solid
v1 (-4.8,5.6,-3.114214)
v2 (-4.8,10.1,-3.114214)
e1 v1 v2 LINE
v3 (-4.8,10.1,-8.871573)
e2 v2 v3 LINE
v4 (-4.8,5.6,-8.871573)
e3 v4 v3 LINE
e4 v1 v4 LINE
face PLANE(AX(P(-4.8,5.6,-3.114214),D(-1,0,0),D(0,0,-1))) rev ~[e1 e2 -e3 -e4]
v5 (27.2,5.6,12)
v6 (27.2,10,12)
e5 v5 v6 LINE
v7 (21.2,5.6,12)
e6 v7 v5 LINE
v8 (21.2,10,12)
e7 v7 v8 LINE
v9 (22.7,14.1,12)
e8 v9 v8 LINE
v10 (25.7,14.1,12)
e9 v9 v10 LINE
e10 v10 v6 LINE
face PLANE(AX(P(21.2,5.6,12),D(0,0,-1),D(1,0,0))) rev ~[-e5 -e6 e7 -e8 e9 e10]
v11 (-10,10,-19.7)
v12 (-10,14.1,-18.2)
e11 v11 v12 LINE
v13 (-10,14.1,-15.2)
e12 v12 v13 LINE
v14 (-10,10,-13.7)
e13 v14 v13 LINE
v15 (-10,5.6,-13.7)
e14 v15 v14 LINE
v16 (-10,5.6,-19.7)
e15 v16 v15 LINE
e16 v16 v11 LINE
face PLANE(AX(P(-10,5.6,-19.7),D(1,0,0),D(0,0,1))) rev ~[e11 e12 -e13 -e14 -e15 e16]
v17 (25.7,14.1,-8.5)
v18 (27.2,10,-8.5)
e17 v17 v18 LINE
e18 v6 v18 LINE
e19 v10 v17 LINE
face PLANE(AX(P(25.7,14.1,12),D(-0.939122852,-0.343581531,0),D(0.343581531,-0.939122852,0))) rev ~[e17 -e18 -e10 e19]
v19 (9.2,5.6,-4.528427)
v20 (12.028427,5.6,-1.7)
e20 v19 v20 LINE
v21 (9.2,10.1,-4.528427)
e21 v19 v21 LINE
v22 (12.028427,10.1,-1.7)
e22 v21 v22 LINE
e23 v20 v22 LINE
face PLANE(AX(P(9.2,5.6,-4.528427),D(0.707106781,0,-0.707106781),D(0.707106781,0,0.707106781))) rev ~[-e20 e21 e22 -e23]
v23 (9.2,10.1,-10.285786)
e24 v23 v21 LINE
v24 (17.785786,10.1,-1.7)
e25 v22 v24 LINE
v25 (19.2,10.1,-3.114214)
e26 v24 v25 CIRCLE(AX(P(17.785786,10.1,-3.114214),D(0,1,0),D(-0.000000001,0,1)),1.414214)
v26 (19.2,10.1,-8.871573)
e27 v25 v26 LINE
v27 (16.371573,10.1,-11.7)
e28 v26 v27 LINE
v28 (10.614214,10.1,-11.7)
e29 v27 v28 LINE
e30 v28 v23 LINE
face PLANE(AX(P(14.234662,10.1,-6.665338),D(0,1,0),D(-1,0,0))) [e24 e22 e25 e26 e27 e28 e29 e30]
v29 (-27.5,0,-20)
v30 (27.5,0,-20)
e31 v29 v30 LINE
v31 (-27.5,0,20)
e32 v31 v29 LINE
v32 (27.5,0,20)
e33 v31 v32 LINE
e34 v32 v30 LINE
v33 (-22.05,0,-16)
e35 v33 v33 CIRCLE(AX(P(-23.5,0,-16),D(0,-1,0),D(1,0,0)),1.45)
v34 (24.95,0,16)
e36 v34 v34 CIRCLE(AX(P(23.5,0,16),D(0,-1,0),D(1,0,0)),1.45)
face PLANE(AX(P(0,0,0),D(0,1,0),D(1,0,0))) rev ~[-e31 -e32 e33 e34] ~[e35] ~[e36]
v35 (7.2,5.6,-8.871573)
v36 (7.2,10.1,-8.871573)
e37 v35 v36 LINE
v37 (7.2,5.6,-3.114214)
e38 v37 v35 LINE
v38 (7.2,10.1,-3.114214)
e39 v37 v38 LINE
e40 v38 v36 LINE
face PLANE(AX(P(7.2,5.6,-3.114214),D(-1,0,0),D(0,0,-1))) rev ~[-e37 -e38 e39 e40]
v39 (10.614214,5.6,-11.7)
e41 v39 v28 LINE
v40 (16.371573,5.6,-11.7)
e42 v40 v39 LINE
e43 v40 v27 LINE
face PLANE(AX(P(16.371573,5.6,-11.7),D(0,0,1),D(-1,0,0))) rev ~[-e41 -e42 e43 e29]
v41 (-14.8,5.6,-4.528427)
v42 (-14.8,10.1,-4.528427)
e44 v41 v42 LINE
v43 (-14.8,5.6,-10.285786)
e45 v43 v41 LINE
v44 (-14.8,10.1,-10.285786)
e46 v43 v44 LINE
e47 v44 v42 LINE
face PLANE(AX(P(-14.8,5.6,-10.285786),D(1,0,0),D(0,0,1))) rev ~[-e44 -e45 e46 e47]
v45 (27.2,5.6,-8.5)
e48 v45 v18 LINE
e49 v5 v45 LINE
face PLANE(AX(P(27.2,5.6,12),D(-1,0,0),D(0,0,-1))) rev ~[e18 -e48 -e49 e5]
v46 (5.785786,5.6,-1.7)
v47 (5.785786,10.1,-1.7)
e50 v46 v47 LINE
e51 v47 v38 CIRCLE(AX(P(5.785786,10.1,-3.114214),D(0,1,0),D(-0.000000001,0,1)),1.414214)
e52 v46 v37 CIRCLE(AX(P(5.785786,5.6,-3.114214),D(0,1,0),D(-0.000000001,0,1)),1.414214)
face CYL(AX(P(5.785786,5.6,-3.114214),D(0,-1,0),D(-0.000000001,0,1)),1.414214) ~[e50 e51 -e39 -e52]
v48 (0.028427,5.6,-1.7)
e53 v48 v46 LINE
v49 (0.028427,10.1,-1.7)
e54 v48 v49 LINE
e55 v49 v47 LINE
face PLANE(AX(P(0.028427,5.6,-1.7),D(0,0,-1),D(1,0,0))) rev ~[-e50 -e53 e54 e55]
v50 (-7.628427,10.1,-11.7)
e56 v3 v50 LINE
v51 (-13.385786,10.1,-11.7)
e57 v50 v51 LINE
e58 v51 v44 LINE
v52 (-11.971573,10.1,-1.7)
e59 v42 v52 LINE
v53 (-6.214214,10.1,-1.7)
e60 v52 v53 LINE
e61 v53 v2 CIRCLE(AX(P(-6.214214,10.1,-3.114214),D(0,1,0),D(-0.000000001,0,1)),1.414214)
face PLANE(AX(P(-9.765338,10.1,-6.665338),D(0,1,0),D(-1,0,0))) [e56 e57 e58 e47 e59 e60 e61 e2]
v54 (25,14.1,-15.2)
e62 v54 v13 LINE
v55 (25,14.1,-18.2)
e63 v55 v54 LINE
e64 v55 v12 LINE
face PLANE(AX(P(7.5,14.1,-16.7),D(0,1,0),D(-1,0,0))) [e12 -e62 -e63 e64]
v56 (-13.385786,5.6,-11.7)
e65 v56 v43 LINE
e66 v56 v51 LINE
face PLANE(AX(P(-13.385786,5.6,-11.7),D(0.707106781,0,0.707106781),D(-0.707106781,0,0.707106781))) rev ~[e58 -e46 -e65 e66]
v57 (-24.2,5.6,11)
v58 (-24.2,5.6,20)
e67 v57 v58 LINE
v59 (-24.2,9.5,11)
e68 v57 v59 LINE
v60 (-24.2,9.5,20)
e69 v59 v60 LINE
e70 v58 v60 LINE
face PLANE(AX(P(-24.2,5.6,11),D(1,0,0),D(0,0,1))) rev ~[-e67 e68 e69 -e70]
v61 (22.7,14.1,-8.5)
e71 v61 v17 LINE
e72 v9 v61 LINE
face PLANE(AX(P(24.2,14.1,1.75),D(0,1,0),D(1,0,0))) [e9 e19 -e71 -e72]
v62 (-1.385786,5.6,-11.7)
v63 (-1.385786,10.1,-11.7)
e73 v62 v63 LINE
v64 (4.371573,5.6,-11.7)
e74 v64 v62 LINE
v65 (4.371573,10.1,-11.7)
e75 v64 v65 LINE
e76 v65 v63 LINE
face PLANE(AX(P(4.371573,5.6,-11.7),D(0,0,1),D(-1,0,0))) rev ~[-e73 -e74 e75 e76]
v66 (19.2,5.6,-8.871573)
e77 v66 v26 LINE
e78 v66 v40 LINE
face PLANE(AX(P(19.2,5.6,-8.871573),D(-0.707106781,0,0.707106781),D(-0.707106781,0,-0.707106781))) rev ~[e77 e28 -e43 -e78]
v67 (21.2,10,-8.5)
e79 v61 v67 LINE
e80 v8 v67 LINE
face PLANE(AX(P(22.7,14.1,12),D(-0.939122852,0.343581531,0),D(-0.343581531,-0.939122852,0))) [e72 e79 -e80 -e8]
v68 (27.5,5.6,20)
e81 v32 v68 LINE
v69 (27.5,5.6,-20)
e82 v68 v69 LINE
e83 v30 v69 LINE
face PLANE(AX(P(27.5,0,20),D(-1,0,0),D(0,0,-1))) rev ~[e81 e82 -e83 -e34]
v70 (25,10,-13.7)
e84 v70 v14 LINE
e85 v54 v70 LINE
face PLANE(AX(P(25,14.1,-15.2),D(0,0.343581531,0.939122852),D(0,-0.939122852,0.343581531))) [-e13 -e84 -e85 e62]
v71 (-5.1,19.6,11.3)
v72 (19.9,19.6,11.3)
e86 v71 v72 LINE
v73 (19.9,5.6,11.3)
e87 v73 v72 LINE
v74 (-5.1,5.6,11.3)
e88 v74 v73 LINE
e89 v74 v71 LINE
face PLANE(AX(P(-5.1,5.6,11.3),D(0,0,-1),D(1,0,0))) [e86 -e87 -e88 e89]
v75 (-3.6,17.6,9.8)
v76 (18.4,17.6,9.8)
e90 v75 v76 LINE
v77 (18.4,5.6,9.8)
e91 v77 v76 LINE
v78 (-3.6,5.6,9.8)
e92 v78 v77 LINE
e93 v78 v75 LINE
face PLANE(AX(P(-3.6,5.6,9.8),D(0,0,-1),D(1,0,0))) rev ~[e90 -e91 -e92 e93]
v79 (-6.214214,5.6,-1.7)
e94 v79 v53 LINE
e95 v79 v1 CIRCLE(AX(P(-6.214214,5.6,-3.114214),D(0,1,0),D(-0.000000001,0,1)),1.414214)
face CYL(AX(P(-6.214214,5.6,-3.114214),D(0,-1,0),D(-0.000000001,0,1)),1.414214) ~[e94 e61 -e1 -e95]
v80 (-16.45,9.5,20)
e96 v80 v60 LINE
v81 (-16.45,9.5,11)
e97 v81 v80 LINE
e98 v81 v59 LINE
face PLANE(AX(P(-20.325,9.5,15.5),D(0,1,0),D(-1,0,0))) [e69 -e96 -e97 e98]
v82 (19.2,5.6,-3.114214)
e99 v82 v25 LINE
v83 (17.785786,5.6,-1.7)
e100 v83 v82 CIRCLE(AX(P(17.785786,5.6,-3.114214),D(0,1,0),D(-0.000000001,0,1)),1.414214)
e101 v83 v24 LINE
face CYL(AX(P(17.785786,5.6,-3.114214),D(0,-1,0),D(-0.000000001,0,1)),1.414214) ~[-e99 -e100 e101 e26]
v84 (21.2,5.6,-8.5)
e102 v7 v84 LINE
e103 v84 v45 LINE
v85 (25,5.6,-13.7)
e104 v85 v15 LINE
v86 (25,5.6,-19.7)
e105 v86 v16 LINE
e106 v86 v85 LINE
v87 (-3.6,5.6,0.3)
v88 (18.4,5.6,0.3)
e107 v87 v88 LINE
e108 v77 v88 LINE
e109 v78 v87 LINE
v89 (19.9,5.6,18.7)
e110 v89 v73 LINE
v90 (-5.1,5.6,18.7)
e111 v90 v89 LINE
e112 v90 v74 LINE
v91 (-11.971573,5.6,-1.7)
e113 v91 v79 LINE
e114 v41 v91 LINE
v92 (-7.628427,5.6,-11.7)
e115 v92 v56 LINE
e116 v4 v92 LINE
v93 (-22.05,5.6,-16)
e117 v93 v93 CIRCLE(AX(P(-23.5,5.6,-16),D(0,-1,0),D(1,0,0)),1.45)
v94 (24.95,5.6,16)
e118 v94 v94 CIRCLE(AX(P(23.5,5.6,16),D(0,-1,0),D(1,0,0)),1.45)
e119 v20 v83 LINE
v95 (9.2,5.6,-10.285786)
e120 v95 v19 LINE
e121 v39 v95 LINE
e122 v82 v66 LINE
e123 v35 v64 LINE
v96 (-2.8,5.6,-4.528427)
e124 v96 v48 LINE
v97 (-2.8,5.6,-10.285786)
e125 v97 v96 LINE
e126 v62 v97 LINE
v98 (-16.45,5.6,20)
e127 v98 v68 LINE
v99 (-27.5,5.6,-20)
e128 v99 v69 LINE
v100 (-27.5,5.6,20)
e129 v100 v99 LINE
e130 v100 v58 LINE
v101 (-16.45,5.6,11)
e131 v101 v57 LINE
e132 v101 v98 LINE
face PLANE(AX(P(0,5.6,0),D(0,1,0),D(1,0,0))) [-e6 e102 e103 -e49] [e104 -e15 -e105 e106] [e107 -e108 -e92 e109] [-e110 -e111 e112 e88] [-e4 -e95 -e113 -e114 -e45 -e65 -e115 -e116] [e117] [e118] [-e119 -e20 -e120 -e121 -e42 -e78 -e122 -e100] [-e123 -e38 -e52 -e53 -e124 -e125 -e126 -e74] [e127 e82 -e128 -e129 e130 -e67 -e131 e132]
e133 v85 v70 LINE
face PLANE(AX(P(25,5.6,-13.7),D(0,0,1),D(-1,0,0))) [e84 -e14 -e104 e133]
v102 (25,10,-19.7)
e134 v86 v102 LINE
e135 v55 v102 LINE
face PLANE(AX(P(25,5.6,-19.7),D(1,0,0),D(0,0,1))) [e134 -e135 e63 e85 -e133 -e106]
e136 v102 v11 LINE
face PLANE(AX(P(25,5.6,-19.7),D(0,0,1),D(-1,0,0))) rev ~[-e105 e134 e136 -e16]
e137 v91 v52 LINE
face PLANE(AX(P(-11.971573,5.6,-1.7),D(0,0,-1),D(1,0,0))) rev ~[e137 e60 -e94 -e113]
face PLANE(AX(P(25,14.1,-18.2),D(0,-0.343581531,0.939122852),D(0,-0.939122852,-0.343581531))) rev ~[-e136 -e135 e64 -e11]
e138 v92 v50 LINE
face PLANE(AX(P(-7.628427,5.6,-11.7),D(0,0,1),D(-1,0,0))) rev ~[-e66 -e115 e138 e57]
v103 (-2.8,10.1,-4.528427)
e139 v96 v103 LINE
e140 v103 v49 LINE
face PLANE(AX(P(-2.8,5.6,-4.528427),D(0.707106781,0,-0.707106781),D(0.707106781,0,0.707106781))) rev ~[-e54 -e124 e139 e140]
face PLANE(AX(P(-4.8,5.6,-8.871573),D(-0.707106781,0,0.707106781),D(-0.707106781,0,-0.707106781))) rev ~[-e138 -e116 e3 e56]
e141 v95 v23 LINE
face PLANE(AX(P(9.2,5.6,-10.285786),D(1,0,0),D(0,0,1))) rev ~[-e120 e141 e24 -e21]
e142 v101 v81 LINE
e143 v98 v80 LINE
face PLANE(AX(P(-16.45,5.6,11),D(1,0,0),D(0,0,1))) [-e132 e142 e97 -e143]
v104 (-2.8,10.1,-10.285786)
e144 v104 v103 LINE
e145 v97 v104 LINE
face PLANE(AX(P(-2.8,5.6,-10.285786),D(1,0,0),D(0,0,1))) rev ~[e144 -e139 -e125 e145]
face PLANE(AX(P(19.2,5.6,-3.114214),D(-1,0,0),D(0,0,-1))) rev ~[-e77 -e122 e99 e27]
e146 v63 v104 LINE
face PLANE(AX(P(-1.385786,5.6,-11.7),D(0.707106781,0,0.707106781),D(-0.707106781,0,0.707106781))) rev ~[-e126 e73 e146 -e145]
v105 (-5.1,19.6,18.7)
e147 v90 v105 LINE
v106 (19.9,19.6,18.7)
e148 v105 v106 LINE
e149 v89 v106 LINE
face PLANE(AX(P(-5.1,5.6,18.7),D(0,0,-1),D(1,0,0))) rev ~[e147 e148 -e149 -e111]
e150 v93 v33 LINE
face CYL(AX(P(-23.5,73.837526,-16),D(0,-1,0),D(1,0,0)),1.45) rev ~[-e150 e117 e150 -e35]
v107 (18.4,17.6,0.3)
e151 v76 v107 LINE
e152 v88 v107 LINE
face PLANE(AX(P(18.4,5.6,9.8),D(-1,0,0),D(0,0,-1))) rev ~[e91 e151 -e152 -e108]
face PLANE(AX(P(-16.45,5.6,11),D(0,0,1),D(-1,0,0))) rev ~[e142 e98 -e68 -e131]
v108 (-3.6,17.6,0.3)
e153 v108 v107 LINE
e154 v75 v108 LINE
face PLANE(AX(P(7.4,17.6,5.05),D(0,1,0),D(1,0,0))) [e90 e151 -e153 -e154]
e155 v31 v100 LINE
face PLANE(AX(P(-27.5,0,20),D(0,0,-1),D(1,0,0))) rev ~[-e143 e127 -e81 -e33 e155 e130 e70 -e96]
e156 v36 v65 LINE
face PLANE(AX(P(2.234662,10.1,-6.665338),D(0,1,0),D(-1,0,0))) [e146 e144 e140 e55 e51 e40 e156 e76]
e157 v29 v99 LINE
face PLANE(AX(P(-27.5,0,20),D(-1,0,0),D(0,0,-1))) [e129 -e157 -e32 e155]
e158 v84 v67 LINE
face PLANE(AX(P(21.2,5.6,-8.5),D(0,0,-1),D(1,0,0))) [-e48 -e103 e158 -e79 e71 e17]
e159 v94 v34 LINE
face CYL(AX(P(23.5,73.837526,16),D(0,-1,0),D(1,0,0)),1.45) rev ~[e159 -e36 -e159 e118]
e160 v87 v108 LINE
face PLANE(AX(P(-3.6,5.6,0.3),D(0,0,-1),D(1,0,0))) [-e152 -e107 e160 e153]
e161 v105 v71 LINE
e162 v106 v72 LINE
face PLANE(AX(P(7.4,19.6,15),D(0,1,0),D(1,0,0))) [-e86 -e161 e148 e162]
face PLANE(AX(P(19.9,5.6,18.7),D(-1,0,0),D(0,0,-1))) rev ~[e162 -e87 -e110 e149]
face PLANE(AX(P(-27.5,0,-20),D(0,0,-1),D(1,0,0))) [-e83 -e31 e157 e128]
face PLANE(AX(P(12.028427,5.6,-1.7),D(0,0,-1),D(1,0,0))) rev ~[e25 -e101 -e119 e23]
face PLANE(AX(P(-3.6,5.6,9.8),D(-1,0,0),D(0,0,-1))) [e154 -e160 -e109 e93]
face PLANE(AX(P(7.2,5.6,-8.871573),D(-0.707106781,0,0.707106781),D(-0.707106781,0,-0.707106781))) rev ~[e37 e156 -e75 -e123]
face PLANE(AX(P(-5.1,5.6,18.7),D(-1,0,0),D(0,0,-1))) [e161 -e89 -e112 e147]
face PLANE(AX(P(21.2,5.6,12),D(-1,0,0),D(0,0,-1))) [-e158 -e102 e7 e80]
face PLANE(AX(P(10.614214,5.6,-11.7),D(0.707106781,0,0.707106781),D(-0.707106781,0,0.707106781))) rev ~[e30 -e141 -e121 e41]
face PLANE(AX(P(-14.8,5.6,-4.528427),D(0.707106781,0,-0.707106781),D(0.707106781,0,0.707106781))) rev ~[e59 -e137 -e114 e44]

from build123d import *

# Parameters (mm, degrees)
SKETCH1_W              = 55
SKETCH1_H              = 40
BOSS_EXTRUDE1_DEPTH    = 5.6
M2_5_CLEARANCE_HOLE1_D = 2.9
SKETCH5_W              = 25
SKETCH5_H              = 7.4
BOSS_EXTRUDE2_DEPTH    = 14
SKETCH6_W              = 6
SKETCH6_H              = 20.5
BOSS_EXTRUDE3_DEPTH    = 8.5
CUT_EXTRUDE1_REACH     = 48.523
SKETCH8_W              = 35
SKETCH8_H              = 6
BOSS_EXTRUDE4_DEPTH    = 8.5
CUT_EXTRUDE2_REACH     = 61.501
SKETCH10_W             = 22
SKETCH10_H             = 9.5
BOSS_EXTRUDE5_DEPTH    = 12
BOSS_EXTRUDE6_DEPTH    = 4.5
LPATTERN1_COUNT        = 3
LPATTERN1_PITCH        = 12
SKETCH12_W             = 7.75
SKETCH12_H             = 9
BOSS_EXTRUDE7_DEPTH    = 3.9


with BuildPart() as part:
    # Sketch1 → Boss-Extrude1 (new body)
    with BuildSketch(Plane(origin=(0, 0, 0), x_dir=(1, 0, 0), z_dir=(0, 1, 0))):
        Rectangle(SKETCH1_W, SKETCH1_H)
    extrude(amount=BOSS_EXTRUDE1_DEPTH)

    # M2.5 Clearance Hole1 (through all)
    with Locations(Plane(origin=(0, 5.6, 0), x_dir=(-1, 0, 0), z_dir=(0, 1, 0))):
        with Locations((23.5, -16), (-23.5, 16)):
            Hole(M2_5_CLEARANCE_HOLE1_D / 2)

    # Sketch5 → Boss-Extrude2 (add)
    with BuildSketch(Plane(origin=(0, 5.6, 0), x_dir=(1, 0, 0), z_dir=(0, 1, 0))):
        with Locations((7.4, -15)):
            Rectangle(SKETCH5_W, SKETCH5_H)
    extrude(amount=BOSS_EXTRUDE2_DEPTH)

    # Sketch6 → Boss-Extrude3 (add)
    with BuildSketch(Plane(origin=(0, 5.6, 0), x_dir=(1, 0, 0), z_dir=(0, 1, 0))):
        with Locations((24.2, -1.75)):
            Rectangle(SKETCH6_W, SKETCH6_H)
    extrude(amount=BOSS_EXTRUDE3_DEPTH)

    # Sketch7 → Cut-Extrude1 (cut, up to next)
    with BuildSketch(Plane.XY.offset(12), mode=Mode.PRIVATE) as cut_extrude1_sk1:
        Polygon((25.7, 14.1), (27.2, 10), (27.2, 14.1), align=None)
    cut_extrude1_tool1 = extrude(cut_extrude1_sk1.sketch, amount=-CUT_EXTRUDE1_REACH, mode=Mode.PRIVATE) & part.part
    # Sketch7 → Cut-Extrude1 (cut, up to next)
    with BuildSketch(Plane.XY.offset(12), mode=Mode.PRIVATE) as cut_extrude1_sk2:
        Polygon((22.7, 14.1), (21.2, 10), (21.2, 14.1), align=None)
    cut_extrude1_tool2 = extrude(cut_extrude1_sk2.sketch, amount=-CUT_EXTRUDE1_REACH, mode=Mode.PRIVATE) & part.part
    add(cut_extrude1_tool1.solids().sort_by_distance((26.7, 12.733333, 12))[0], mode=Mode.SUBTRACT)
    add(cut_extrude1_tool2.solids().sort_by_distance((21.7, 12.733333, 12))[0], mode=Mode.SUBTRACT)

    # Sketch8 → Boss-Extrude4 (add)
    with BuildSketch(Plane(origin=(0, 5.6, 0), x_dir=(-1, 0, 0), z_dir=(0, 1, 0))):
        with Locations((-7.5, -16.7)):
            Rectangle(SKETCH8_W, SKETCH8_H)
    extrude(amount=BOSS_EXTRUDE4_DEPTH)

    # Sketch9 → Cut-Extrude2 (cut, up to next)
    with BuildSketch(Plane(origin=(25, 0, 0), x_dir=(0, 0, -1), z_dir=(1, 0, 0)), mode=Mode.PRIVATE) as cut_extrude2_sk1:
        Polygon((18.2, 14.1), (19.7, 10), (19.7, 14.1), align=None)
    cut_extrude2_tool1 = extrude(cut_extrude2_sk1.sketch, amount=-CUT_EXTRUDE2_REACH, mode=Mode.PRIVATE) & part.part
    # Sketch9 → Cut-Extrude2 (cut, up to next)
    with BuildSketch(Plane(origin=(25, 0, 0), x_dir=(0, 0, -1), z_dir=(1, 0, 0)), mode=Mode.PRIVATE) as cut_extrude2_sk2:
        Polygon((15.2, 14.1), (13.7, 10), (13.7, 14.1), align=None)
    cut_extrude2_tool2 = extrude(cut_extrude2_sk2.sketch, amount=-CUT_EXTRUDE2_REACH, mode=Mode.PRIVATE) & part.part
    add(cut_extrude2_tool1.solids().sort_by_distance((25, 12.733333, -19.2))[0], mode=Mode.SUBTRACT)
    add(cut_extrude2_tool2.solids().sort_by_distance((25, 12.733333, -14.2))[0], mode=Mode.SUBTRACT)

    # Sketch10 → Boss-Extrude5 (add)
    with BuildSketch(Plane(origin=(0, 5.6, 0), x_dir=(1, 0, 0), z_dir=(0, 1, 0))):
        with Locations((7.4, -5.05)):
            Rectangle(SKETCH10_W, SKETCH10_H)
    extrude(amount=BOSS_EXTRUDE5_DEPTH)

    # Sketch11 → Boss-Extrude6 (add)
    with BuildSketch(Plane(origin=(0, 5.6, 0), x_dir=(-1, 0, 0), z_dir=(0, 1, 0))):
        with BuildLine():
            Line((-19.2, -3.114213562), (-19.2, -8.871572875))
            Line((-19.2, -8.871572875), (-16.371572875, -11.7))
            Line((-16.371572875, -11.7), (-10.614213562, -11.7))
            Line((-10.614213562, -11.7), (-9.2, -10.285786438))
            Line((-9.2, -10.285786438), (-9.2, -4.528427125))
            Line((-9.2, -4.528427125), (-12.028427125, -1.7))
            Line((-12.028427125, -1.7), (-17.785786438, -1.7))
            ThreePointArc((-17.785786438, -1.7), (-18.785786438, -2.114213562), (-19.2, -3.114213562))
        make_face()
    boss_extrude6 = extrude(amount=BOSS_EXTRUDE6_DEPTH)

    # LPattern1: Boss-Extrude6 ×3
    with Locations(*[(-i * LPATTERN1_PITCH, 0, 0) for i in range(1, LPATTERN1_COUNT)]):
        add(boss_extrude6)

    # Sketch12 → Boss-Extrude7 (add)
    with BuildSketch(Plane(origin=(0, 5.6, 0), x_dir=(-1, 0, 0), z_dir=(0, 1, 0))):
        with Locations((20.325, 15.5)):
            Rectangle(SKETCH12_W, SKETCH12_H)
    extrude(amount=BOSS_EXTRUDE7_DEPTH)


solid = part.part
